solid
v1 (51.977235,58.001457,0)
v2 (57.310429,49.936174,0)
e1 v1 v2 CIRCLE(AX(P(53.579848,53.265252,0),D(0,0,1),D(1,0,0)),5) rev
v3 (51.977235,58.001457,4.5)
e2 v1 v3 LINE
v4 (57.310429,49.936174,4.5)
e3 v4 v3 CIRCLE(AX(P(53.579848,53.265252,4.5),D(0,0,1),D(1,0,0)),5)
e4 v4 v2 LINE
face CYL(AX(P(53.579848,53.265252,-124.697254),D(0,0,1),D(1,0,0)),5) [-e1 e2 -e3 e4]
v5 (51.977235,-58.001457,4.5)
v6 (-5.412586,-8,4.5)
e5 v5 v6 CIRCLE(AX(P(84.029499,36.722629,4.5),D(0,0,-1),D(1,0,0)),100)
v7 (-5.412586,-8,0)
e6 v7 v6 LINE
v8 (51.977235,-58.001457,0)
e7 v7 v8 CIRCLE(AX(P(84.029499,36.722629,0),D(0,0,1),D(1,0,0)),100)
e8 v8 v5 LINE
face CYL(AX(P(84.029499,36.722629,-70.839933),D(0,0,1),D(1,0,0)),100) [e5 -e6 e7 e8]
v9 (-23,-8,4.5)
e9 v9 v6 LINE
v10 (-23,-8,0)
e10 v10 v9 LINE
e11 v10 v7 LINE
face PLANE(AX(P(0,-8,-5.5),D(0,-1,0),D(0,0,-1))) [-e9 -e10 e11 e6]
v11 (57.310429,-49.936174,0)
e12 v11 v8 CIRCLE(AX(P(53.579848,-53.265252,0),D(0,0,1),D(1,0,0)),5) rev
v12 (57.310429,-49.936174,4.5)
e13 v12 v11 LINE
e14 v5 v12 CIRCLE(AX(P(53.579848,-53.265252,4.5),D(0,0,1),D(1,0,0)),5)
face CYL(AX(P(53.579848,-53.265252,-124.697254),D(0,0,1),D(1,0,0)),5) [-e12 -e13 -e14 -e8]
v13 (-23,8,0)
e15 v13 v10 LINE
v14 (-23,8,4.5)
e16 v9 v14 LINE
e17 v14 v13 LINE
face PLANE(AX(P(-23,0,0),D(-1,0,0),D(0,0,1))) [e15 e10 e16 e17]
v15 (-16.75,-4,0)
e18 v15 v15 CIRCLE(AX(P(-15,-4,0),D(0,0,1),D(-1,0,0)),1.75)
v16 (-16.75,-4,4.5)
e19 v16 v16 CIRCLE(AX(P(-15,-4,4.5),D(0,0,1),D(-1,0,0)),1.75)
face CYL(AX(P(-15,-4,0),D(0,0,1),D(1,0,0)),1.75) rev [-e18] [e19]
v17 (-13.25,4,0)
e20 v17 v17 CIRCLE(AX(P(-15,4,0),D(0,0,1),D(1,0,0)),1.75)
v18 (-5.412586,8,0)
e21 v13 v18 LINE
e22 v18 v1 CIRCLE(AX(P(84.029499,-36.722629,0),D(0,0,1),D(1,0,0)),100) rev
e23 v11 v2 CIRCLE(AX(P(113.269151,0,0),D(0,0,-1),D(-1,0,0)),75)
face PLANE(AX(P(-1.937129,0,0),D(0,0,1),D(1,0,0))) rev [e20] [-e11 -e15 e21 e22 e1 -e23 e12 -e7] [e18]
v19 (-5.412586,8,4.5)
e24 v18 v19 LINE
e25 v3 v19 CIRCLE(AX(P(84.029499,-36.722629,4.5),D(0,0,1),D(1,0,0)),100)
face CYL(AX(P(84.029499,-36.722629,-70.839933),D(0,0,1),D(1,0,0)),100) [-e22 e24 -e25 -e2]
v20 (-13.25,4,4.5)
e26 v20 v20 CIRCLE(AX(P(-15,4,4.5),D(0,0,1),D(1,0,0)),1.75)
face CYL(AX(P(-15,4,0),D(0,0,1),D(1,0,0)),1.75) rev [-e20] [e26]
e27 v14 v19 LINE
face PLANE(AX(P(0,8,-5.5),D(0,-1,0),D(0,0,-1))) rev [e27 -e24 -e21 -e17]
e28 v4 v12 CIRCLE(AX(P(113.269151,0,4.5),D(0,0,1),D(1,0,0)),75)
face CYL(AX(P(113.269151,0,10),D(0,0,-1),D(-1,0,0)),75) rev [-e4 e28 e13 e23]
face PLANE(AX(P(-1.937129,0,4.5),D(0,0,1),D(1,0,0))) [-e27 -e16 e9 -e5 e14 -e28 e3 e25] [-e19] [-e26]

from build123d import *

# Parameters (mm, degrees)
EXTRUDE_1_DEPTH             = 4.5
SKETCH_2_R                  = 1.25
CUT_EXTRUDE_1_DEPTH         = 10
SKETCH_3_W                  = 12
SKETCH_3_H                  = 2
CUT_EXTRUDE_2_DEPTH         = 10
SKETCH_4_W                  = 13
SKETCH_4_H                  = 30
EXTRUDE_2_DEPTH             = 4
SKETCH_5_W                  = 13
SKETCH_5_H                  = 30
EXTRUDE_3_DEPTH             = 4
SKETCH_6_W                  = 13
SKETCH_6_H                  = 12.5
EXTRUDE_4_DEPTH             = 3
EXTRUDE_5_REACH             = 94.407
EXTRUDE_5_DIRECTION_2_REACH = 94.407
CUT_EXTRUDE_3_DEPTH         = 3
CUT_EXTRUDE_3_DEPTH_BACK    = 10.5
SKETCH_14_W                 = 13
SKETCH_14_H                 = 30
CUT_EXTRUDE_6_DEPTH         = 30
SKETCH_16_W                 = 13
SKETCH_16_H                 = 30
EXTRUDE_6_DEPTH             = 4.5
CUT_EXTRUDE_7_DEPTH         = 30
EXTRUDE_7_DEPTH             = 1
EXTRUDE_7_DEPTH_BACK        = 12
SKETCH_19_RX                = 16
SKETCH_19_RY                = 9
SKETCH_20_W                 = 4.5
SKETCH_20_H                 = 16.5
CUT_EXTRUDE_8_DEPTH         = 10.5
SKETCH_21_RX                = 19
SKETCH_21_RY                = 12
SKETCH_21_RX_2              = 16
SKETCH_21_RY_2              = 9
EXTRUDE_8_DEPTH             = 5
EXTRUDE_9_DEPTH             = 4.5
SKETCH_24_RX                = 22.349362986
SKETCH_24_RY                = 16.698081898
SKETCH_24_RX_2              = 16
SKETCH_24_RY_2              = 9
CUT_EXTRUDE_9_DEPTH         = 1
EXTRUDE_10_DEPTH            = 2
EXTRUDE_11_DEPTH            = 2
FILLET_2_R                  = 5
EXTRUDE_START               = -4.5
EXTRUDE_12_DEPTH            = 4.5
CUT_EXTRUDE_START           = -10
CUT_EXTRUDE_10_DEPTH        = 10
FILLET_3_R                  = 5
SKETCH_31_R                 = 27.637310688
CUT_EXTRUDE_11_DEPTH        = 11
SKETCH_32_W                 = 10.592360953
SKETCH_32_H                 = 40.503930122
SKETCH_32_W_2               = 11.438719886
CUT_EXTRUDE_12_DEPTH        = 10
CUT_EXTRUDE_13_DEPTH        = 10
SKETCH_34_W                 = 4.5
SKETCH_34_H                 = 40.503930122
EXTRUDE_14_DEPTH            = 20
CUT_EXTRUDE_14_DEPTH        = 15
CUT_EXTRUDE_16_DEPTH        = 10
EXTRUDE_15_DEPTH            = 4.5
CUT_EXTRUDE_17_DEPTH        = 10
SKETCH_45_W                 = 4.5
SKETCH_45_H                 = 16
EXTRUDE_17_DEPTH            = 9
SKETCH_46_R                 = 1.75
CUT_EXTRUDE_18_DEPTH        = 83.744717158


with BuildPart() as part:
    # 草图1 → 凸台-拉伸1 (new body)
    with BuildSketch(Plane.XY):
        with BuildLine():
            Line((6, 12), (37.748517734, 60))
            ThreePointArc((37.748517734, 60), (70, 0), (37.748517734, -60))
            Line((37.748517734, -60), (6, -12))
            Line((6, -12), (-6, -12))
            Line((-6, -12), (-6, 12))
            Line((-6, 12), (6, 12))
        make_face()
    extrude(amount=EXTRUDE_1_DEPTH)

    # 草图2 → 切除-拉伸1 (cut)
    with BuildSketch(Plane.XY.offset(4.5)):
        with Locations((0, 5)):
            Circle(SKETCH_2_R)
        with Locations((0, -5)):
            Circle(SKETCH_2_R)
    extrude(amount=-CUT_EXTRUDE_1_DEPTH, mode=Mode.SUBTRACT)

    # 草图3 → 切除-拉伸2 (cut)
    with BuildSketch(Plane.XY.offset(4.5)):
        with Locations((0, 11)):
            Rectangle(SKETCH_3_W, SKETCH_3_H)
        with Locations((0, -11)):
            Rectangle(SKETCH_3_W, SKETCH_3_H)
    extrude(amount=-CUT_EXTRUDE_2_DEPTH, mode=Mode.SUBTRACT)

    # 草图4 → 凸台-拉伸2 (add)
    with BuildSketch(Plane.XY.offset(4.5)):
        with Locations((2.5, 0)):
            Rectangle(SKETCH_4_W, SKETCH_4_H)
    extrude(amount=EXTRUDE_2_DEPTH)

    # 草图5 → 凸台-拉伸3 (add)
    with BuildSketch(Plane(origin=(0, 0, 0), x_dir=(-1, 0, 0), z_dir=(0, 0, -1))):
        with Locations((-2.5, 0)):
            Rectangle(SKETCH_5_W, SKETCH_5_H)
    extrude(amount=EXTRUDE_3_DEPTH)

    # 草图6 → 凸台-拉伸4 (add)
    with BuildSketch(Plane(origin=(0, 15, 0), x_dir=(1, 0, 0), z_dir=(0, 1, 0))):
        with Locations((2.5, -2.25)):
            Rectangle(SKETCH_6_W, SKETCH_6_H)
    extrude_4 = extrude(amount=-EXTRUDE_4_DEPTH)

    # 镜向1: 凸台-拉伸4 across plane
    add(extrude_4.mirror(Plane.ZX))

    # 凸台-拉伸5: up to this face of the body (flat: up to its plane)
    extrude_5_end = Plane(part.part.faces().sort_by_distance((39.824869212, 0, 4.5))[0])
    # 草图8 → 凸台-拉伸5 (add, up to the picked face)
    with BuildSketch(Plane.XY.offset(2.25), mode=Mode.PRIVATE) as extrude_5_sk1:
        Polygon((-4, 15), (37.748517734, 60), (7.984282358, 15), align=None)
    extrude_5_tool1 = split(extrude(extrude_5_sk1.sketch, amount=EXTRUDE_5_REACH, mode=Mode.PRIVATE), bisect_by=extrude_5_end, keep=Keep.BOTH, mode=Mode.PRIVATE)
    extrude_5 = extrude_5_tool1.solids().sort_by(Axis((13.910933, 30, 2.25), (0, 0, 1)))[0]
    add(extrude_5)

    # 凸台-拉伸5 direction 2: up to this face of the body (flat: up to its plane)
    extrude_5_direction_2_end = Plane(part.part.faces().sort_by_distance((39.824869212, 0, 0))[0])
    # 草图8 → 凸台-拉伸5 direction 2 (add, up to the picked face)
    with BuildSketch(Plane.XY.offset(2.25), mode=Mode.PRIVATE) as extrude_5_direction_2_sk1:
        Polygon((-4, 15), (37.748517734, 60), (7.984282358, 15), align=None)
    extrude_5_direction_2_tool1 = split(extrude(extrude_5_direction_2_sk1.sketch, amount=-EXTRUDE_5_DIRECTION_2_REACH, mode=Mode.PRIVATE), bisect_by=extrude_5_direction_2_end, keep=Keep.BOTH, mode=Mode.PRIVATE)
    extrude_5_direction_2 = extrude_5_direction_2_tool1.solids().sort_by(Axis((13.910933, 30, 2.25), (0, 0, -1)))[0]
    add(extrude_5_direction_2)

    # 镜向2: 凸台-拉伸5, 凸台-拉伸5 direction 2 across plane
    add(extrude_5.mirror(Plane.ZX))
    add(extrude_5_direction_2.mirror(Plane.ZX))

    # 草图9 → 切除-拉伸3 (cut, two sides: drawn at the far end of the back side and taken through both)
    with BuildSketch(Plane.ZY.offset(4).offset(-CUT_EXTRUDE_3_DEPTH_BACK)):
        Polygon((0, 10), (0, 12), (4.5, 12), (4.5, 10), (4.5, -10), (4.5, -12), (0, -12), (0, -10), align=None)
    extrude(amount=CUT_EXTRUDE_3_DEPTH + CUT_EXTRUDE_3_DEPTH_BACK, mode=Mode.SUBTRACT)

    # 草图14 → 切除-拉伸6 (cut)
    with BuildSketch(Plane.XY.offset(8.5)):
        with Locations((2.5, 0)):
            Rectangle(SKETCH_14_W, SKETCH_14_H)
    extrude(amount=-CUT_EXTRUDE_6_DEPTH, mode=Mode.SUBTRACT)

    # 草图16 → 凸台-拉伸6 (add)
    with BuildSketch(Plane.XY.offset(4.5)):
        with Locations((2.5, 0)):
            Rectangle(SKETCH_16_W, SKETCH_16_H)
    extrude(amount=-EXTRUDE_6_DEPTH)

    # 草图18 → 切除-拉伸7 (cut)
    with BuildSketch(Plane.XY.offset(4.5)):
        Polygon((37.748517734, 60), (6, 15), (-4, 15), align=None)
        Polygon((-4, -15), (37.748517734, -60), (6, -15), align=None)
    extrude(amount=-CUT_EXTRUDE_7_DEPTH, mode=Mode.SUBTRACT)

    # 草图19 → 凸台-拉伸7 (add, two sides: drawn at the far end of the back side and taken through both)
    with BuildSketch(Plane.ZY.offset(4).offset(-EXTRUDE_7_DEPTH_BACK)):
        with Locations(Location((2.25, 0), (0, 0, 90))):
            Ellipse(SKETCH_19_RX, SKETCH_19_RY)
    extrude(amount=EXTRUDE_7_DEPTH + EXTRUDE_7_DEPTH_BACK)

    # 草图20 → 切除-拉伸8 (cut)
    with BuildSketch(Plane.ZY.offset(5)):
        with Locations((2.25, 0)):
            Rectangle(SKETCH_20_W, SKETCH_20_H)
    extrude(amount=-CUT_EXTRUDE_8_DEPTH, mode=Mode.SUBTRACT)

    # 草图21 → 凸台-拉伸8 (add)
    with BuildSketch(Plane.ZY.offset(-5)):
        with Locations(Location((2.25, 0), (0, 0, 90))):
            Ellipse(SKETCH_21_RX, SKETCH_21_RY)
        with Locations(Location((2.25, 0), (0, 0, 90))):
            Ellipse(SKETCH_21_RX_2, SKETCH_21_RY_2, mode=Mode.SUBTRACT)
    extrude(amount=-EXTRUDE_8_DEPTH)

    # 草图23 → 凸台-拉伸9 (add)
    with BuildSketch(Plane.XY.offset(4.5)):
        Polygon((5, 19), (37.748517734, 60), (10, 17.267716944), (5, 17.267716944), align=None)
    extrude_9 = extrude(amount=-EXTRUDE_9_DEPTH)

    # 镜向4: 凸台-拉伸9 across plane
    add(extrude_9.mirror(Plane.ZX))

    # 草图24 → 切除-拉伸9 (cut)
    with BuildSketch(Plane.ZY.offset(-5)):
        with Locations(Location((0, 0), (0, 0, 95.777984299))):
            Ellipse(SKETCH_24_RX, SKETCH_24_RY)
        with Locations(Location((2.25, 0), (0, 0, 90))):
            Ellipse(SKETCH_24_RX_2, SKETCH_24_RY_2, mode=Mode.SUBTRACT)
    extrude(amount=-CUT_EXTRUDE_9_DEPTH, mode=Mode.SUBTRACT)

    # 草图25 → 凸台-拉伸10 (add)
    with BuildSketch(Plane(origin=(8, 0, 0), x_dir=(0, 0, -1), z_dir=(1, 0, 0))):
        with BuildLine():
            Line((-4.5, -15.491933385), (-4.5, 15.491933385))
            add(Edge.make_bspline(
                [(-4.5, 15.491933385), (-11.25, 12.393546708), (-11.25, 0), (-11.25, -12.393546708), (-4.5, -15.491933385)],
                knots=[0.252680255, 0.252680255, 0.252680255, 1.570796327, 1.570796327, 2.888912398, 2.888912398, 2.888912398], degree=2, weights=[1, 0.790569415, 1, 0.790569415, 1]))
        make_face()
    extrude(amount=EXTRUDE_10_DEPTH)

    # 草图26 → 凸台-拉伸11 (add)
    with BuildSketch(Plane(origin=(8, 0, 0), x_dir=(0, 0, -1), z_dir=(1, 0, 0))):
        with BuildLine():
            Line((0, 15.491933385), (0, -15.491933385))
            add(Edge.make_bspline(
                [(0, -15.491933385), (6.75, -12.393546708), (6.75, 0), (6.75, 12.393546708), (0, 15.491933385)],
                knots=[3.394272909, 3.394272909, 3.394272909, 4.71238898, 4.71238898, 6.030505052, 6.030505052, 6.030505052], degree=2, weights=[1, 0.790569415, 1, 0.790569415, 1]))
        make_face()
    extrude(amount=EXTRUDE_11_DEPTH)

    # 圆角2
    fillet_2_edges = [part.edges().sort_by_distance(p)[0] for p in [
        (37.748517734, 60, 2.25),
        (37.748517734, -60, 2.25),
    ]]
    fillet(fillet_2_edges, radius=FILLET_2_R)

    # 草图29 → 凸台-拉伸12 (add)
    with BuildSketch(Plane.XY.offset(4.5).offset(EXTRUDE_START)):
        with BuildLine():
            ThreePointArc((46.097120384, 53.550550283), (63.753039684, 29.321532572), (70, 0))
            Line((70, 0), (80, 0))
            ThreePointArc((80, 0), (73.182189143, 32.722792613), (53.863347086, 60))
            Line((53.863347086, 60), (46.097120384, 53.550550283))
        make_face()
        with BuildLine():
            Line((80, 0), (70, 0))
            ThreePointArc((70, 0), (63.753039684, -29.321532572), (46.097120384, -53.550550283))
            Line((46.097120384, -53.550550283), (53.863347086, -60))
            ThreePointArc((53.863347086, -60), (73.182189143, -32.722792613), (80, 0))
        make_face()
    extrude(amount=EXTRUDE_12_DEPTH)

    # 草图29<3> → 切除-拉伸10 (cut)
    with BuildSketch(Plane.XY.offset(4.5).offset(CUT_EXTRUDE_START)):
        with BuildLine():
            Line((41.159029862, 69.687977685), (6, 20.251965061))
            Line((6, 20.251965061), (34.798527096, 56.306714791))
            ThreePointArc((34.798527096, 56.306714791), (38.095970697, 58.148969105), (41.741126059, 57.159081415))
            ThreePointArc((41.741126059, 57.159081415), (43.954604918, 55.397647146), (46.097120384, 53.550550283))
            Line((46.097120384, 53.550550283), (53.863347086, 60))
            ThreePointArc((53.863347086, 60), (47.747882107, 65.154376737), (41.159029862, 69.687977685))
        make_face()
        with BuildLine():
            Line((53.863347086, -60), (46.097120384, -53.550550283))
            ThreePointArc((46.097120384, -53.550550283), (43.954604918, -55.397647146), (41.741126059, -57.159081415))
            ThreePointArc((41.741126059, -57.159081415), (38.095970697, -58.148969105), (34.798527096, -56.306714791))
            Line((34.798527096, -56.306714791), (6, -20.251965061))
            Line((6, -20.251965061), (41.159029862, -69.687977685))
            ThreePointArc((41.159029862, -69.687977685), (47.747882107, -65.154376737), (53.863347086, -60))
        make_face()
        with BuildLine():
            ThreePointArc((41.741126059, -57.159081415), (43.954604918, -55.397647146), (46.097120384, -53.550550283))
            Line((46.097120384, -53.550550283), (6, -20.251965061))
            Line((6, -20.251965061), (34.798527096, -56.306714791))
            ThreePointArc((34.798527096, -56.306714791), (38.095970697, -58.148969105), (41.741126059, -57.159081415))
        make_face()
        with BuildLine():
            Line((34.798527096, 56.306714791), (6, 20.251965061))
            Line((6, 20.251965061), (46.097120384, 53.550550283))
            ThreePointArc((46.097120384, 53.550550283), (43.954604918, 55.397647146), (41.741126059, 57.159081415))
            ThreePointArc((41.741126059, 57.159081415), (38.095970697, 58.148969105), (34.798527096, 56.306714791))
        make_face()
    extrude(amount=CUT_EXTRUDE_10_DEPTH, mode=Mode.SUBTRACT)

    # 圆角3
    fillet_3_edges = [part.edges().sort_by_distance(p)[0] for p in [
        (53.863347086, 60, 2.25),
        (53.863347086, -60, 2.25),
    ]]
    fillet(fillet_3_edges, radius=FILLET_3_R)

    # 草图31 → 切除-拉伸11 (cut)
    with BuildSketch(Plane.ZY.offset(5)):
        Circle(SKETCH_31_R)
    extrude(amount=-CUT_EXTRUDE_11_DEPTH, mode=Mode.SUBTRACT)

    # 草图32 → 切除-拉伸12 (cut)
    with BuildSketch(Plane.ZY.offset(-6)):
        with Locations((-5.296180477, 0)):
            Rectangle(SKETCH_32_W, SKETCH_32_H)
        with Locations((10.219359943, 0)):
            Rectangle(SKETCH_32_W_2, SKETCH_32_H)
    extrude(amount=-CUT_EXTRUDE_12_DEPTH, mode=Mode.SUBTRACT)

    # 草图33 → 切除-拉伸13 (cut)
    with BuildSketch(Plane(origin=(0, 0, 0), x_dir=(-1, 0, 0), z_dir=(0, 0, -1)).offset(CUT_EXTRUDE_START)):
        with BuildLine():
            ThreePointArc((-57.310429263, 49.936174191), (-58.57903266, 53.35553569), (-57.187792246, 56.726861505))
            ThreePointArc((-57.187792246, 56.726861505), (-80, 0), (-57.187792246, -56.726861505))
            ThreePointArc((-57.187792246, -56.726861505), (-58.57903266, -53.35553569), (-57.310429263, -49.936174191))
            ThreePointArc((-57.310429263, -49.936174191), (-38.269150721, 0), (-57.310429263, 49.936174191))
        make_face()
    extrude(amount=CUT_EXTRUDE_13_DEPTH, mode=Mode.SUBTRACT)

    # 草图34 → 凸台-拉伸14 (add)
    with BuildSketch(Plane.ZY.offset(-6)):
        with Locations((2.25, 0)):
            Rectangle(SKETCH_34_W, SKETCH_34_H)
    extrude(amount=EXTRUDE_14_DEPTH)

    # 草图37 → 切除-拉伸14 (cut)
    with BuildSketch(Plane.XY.offset(4.5)):
        Polygon((-14, 15), (-0.324252934, 15), (6, 20.251965061), (-14, 20.251965061), align=None)
        Polygon((6, -20.251965061), (-0.324252934, -15), (-14, -15), (-14, -20.251965061), align=None)
    extrude(amount=-CUT_EXTRUDE_14_DEPTH, mode=Mode.SUBTRACT)

    # 草图39 → 切除-拉伸16 (cut)
    with BuildSketch(Plane.XY.offset(4.5)):
        Polygon((-0.324252934, 15), (-2.732590713, 13), (-15.121772597, 13), (-15.121772597, 15), align=None)
        Polygon((-15.121772597, -15), (-0.324252934, -15), (-2.732590713, -13), (-15.121772597, -13), align=None)
    extrude(amount=-CUT_EXTRUDE_16_DEPTH, mode=Mode.SUBTRACT)

    # 草图41 → 凸台-拉伸15 (add)
    with BuildSketch(Plane.XY.offset(4.5)):
        with BuildLine():
            ThreePointArc((51.977234617, 58.001456739), (20.503949317, 40.507576232), (-2.732590713, 13))
            Line((-2.732590713, 13), (50.385479815, 57.111811058))
            ThreePointArc((50.385479815, 57.111811058), (51.140457622, 57.629811486), (51.977234617, 58.001456739))
        make_face()
    extrude_15 = extrude(amount=-EXTRUDE_15_DEPTH)

    # 镜向6: 凸台-拉伸15 across plane
    add(extrude_15.mirror(Plane.ZX))

    # 草图42 → 切除-拉伸17 (cut)
    with BuildSketch(Plane.XY.offset(4.5)):
        with BuildLine():
            Line((-14, 13), (-14, 8))
            Line((-14, 8), (-5.412585603, 8))
            ThreePointArc((-5.412585603, 8), (-4.108051236, 10.519008174), (-2.732590713, 13))
            Line((-2.732590713, 13), (-14, 13))
        make_face()
    cut_extrude_17 = extrude(amount=-CUT_EXTRUDE_17_DEPTH, mode=Mode.SUBTRACT)

    # 镜向7: 切除-拉伸17 across plane
    add(cut_extrude_17.mirror(Plane.ZX), mode=Mode.SUBTRACT)

    # 草图45 → 凸台-拉伸17 (add)
    with BuildSketch(Plane.ZY.offset(14)):
        with Locations((2.25, 0)):
            Rectangle(SKETCH_45_W, SKETCH_45_H)
    extrude(amount=EXTRUDE_17_DEPTH)

    # 草图46 → 切除-拉伸18 (cut, through all)
    with BuildSketch(Plane.XY.offset(4.5)):
        with Locations((-15, 4)):
            Circle(SKETCH_46_R)
        with Locations(Location((-15, -4, 0), (0, 0, 180))):
            Circle(SKETCH_46_R)
    extrude(amount=-CUT_EXTRUDE_18_DEPTH, mode=Mode.SUBTRACT)


solid = part.part
